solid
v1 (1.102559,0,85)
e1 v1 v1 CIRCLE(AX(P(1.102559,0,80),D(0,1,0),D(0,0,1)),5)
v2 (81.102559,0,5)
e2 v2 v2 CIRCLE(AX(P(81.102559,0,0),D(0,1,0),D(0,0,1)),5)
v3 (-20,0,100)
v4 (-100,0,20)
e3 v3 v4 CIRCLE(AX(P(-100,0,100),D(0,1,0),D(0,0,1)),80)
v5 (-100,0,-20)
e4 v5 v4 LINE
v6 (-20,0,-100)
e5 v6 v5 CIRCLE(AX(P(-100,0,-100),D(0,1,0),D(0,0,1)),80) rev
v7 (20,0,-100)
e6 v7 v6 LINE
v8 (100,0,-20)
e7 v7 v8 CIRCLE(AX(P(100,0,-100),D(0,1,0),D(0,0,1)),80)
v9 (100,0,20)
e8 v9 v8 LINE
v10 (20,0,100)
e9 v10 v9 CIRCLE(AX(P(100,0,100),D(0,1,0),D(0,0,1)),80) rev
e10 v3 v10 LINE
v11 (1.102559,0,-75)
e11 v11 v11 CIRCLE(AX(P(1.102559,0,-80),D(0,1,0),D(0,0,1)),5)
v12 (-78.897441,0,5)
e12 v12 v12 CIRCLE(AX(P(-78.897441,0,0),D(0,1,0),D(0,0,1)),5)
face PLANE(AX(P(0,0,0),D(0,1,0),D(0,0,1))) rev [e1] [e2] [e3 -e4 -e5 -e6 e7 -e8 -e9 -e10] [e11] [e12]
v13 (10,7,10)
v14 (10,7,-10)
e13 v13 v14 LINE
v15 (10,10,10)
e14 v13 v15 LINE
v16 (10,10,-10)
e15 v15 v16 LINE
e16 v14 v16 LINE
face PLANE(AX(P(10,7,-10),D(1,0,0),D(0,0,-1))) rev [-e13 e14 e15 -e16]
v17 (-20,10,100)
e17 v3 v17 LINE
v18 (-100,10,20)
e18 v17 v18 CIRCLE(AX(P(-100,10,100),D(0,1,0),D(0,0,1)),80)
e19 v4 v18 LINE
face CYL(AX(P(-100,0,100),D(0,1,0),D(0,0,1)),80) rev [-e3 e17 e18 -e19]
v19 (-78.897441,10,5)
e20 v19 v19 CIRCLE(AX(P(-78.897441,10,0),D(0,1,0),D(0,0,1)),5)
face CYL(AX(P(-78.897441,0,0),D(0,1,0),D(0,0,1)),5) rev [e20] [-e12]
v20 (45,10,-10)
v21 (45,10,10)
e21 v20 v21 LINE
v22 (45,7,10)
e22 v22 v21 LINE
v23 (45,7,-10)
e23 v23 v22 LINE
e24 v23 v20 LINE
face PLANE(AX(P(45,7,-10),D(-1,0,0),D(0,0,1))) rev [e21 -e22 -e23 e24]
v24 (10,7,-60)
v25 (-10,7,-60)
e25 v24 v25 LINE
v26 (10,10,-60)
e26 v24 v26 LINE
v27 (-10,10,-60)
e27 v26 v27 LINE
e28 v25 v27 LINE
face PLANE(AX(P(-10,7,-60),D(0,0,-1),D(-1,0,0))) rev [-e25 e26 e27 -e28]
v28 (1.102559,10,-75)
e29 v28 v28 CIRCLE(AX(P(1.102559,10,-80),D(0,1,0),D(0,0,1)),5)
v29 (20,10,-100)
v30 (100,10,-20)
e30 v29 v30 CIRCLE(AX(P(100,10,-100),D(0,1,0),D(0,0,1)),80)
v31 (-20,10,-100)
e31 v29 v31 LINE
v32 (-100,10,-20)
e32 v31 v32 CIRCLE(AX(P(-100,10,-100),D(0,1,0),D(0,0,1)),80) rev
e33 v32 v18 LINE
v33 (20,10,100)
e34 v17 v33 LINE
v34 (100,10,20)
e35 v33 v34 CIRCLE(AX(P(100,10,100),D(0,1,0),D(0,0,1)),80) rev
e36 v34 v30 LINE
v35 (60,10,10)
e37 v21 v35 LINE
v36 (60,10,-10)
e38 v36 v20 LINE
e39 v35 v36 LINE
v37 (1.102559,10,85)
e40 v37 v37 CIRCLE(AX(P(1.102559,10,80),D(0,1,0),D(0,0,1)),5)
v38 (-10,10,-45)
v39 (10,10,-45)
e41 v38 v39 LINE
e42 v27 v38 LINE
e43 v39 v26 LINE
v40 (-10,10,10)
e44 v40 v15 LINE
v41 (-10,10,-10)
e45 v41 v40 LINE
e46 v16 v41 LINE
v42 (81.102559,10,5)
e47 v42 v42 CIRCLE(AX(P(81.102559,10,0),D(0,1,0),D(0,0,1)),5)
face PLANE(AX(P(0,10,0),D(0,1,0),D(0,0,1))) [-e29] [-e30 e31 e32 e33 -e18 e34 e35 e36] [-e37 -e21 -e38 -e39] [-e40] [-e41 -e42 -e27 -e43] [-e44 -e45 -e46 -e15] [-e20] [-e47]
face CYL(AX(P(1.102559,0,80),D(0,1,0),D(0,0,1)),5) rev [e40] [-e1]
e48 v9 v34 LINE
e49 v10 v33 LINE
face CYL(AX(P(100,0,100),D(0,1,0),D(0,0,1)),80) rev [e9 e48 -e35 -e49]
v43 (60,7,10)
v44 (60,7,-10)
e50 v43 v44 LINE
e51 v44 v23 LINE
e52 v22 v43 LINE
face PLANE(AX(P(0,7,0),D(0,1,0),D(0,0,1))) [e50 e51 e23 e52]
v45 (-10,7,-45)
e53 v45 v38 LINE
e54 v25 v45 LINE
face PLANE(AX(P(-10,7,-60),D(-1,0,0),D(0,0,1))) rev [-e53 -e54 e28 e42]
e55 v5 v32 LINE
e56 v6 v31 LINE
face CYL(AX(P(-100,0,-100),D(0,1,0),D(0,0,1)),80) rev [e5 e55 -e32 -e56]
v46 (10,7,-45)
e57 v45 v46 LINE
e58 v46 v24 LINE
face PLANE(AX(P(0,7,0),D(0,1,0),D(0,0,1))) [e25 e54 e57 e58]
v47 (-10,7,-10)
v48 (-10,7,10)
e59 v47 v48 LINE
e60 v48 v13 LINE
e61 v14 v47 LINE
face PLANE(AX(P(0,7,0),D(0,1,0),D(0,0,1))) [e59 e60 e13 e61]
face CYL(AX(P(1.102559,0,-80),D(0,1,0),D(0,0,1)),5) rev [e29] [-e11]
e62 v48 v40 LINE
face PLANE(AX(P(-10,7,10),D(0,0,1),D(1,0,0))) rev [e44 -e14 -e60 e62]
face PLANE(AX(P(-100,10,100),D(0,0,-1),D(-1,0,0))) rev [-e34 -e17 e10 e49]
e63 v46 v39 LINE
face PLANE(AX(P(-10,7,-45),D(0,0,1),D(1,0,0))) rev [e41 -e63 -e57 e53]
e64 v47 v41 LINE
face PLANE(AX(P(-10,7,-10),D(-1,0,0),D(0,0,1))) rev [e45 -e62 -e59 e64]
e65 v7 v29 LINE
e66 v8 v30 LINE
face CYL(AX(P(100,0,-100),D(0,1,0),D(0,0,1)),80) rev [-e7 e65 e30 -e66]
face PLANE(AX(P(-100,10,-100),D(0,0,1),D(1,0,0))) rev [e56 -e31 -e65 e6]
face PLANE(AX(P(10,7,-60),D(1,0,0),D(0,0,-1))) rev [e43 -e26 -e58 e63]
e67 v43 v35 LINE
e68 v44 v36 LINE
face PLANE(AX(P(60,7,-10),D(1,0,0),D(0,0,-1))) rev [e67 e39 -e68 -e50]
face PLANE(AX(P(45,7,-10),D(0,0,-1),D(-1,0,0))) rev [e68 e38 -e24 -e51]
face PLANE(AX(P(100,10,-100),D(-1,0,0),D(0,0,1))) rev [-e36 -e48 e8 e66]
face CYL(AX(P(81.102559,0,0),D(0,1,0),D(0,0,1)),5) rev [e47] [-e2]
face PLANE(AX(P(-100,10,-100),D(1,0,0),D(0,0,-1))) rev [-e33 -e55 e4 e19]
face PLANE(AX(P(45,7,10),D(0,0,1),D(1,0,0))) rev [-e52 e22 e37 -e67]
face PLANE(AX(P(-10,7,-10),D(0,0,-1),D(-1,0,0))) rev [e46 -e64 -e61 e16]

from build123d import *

# Parameters (mm, degrees)
CROQUIS1_W              = 200
CROQUIS1_H              = 200
SALIENTE_EXTRUIR1_DEPTH = 10
CROQUIS2_W              = 20
CROQUIS2_H              = 20
CROQUIS2_H_2            = 15
CROQUIS2_W_2            = 15
CORTAR_EXTRUIR1_DEPTH   = 3
CORTAR_EXTRUIR2_DEPTH   = 10
CROQUIS4_R              = 5
CORTAR_EXTRUIR3_DEPTH   = 10


with BuildPart() as part:
    # Croquis1 → Saliente-Extruir1 (new body)
    with BuildSketch(Plane(origin=(0, 0, 0), x_dir=(1, 0, 0), z_dir=(0, 1, 0))):
        Rectangle(CROQUIS1_W, CROQUIS1_H)
    extrude(amount=SALIENTE_EXTRUIR1_DEPTH)

    # Croquis2 → Cortar-Extruir1 (cut)
    with BuildSketch(Plane(origin=(0, 10, 0), x_dir=(1, 0, 0), z_dir=(0, 1, 0))):
        Rectangle(CROQUIS2_W, CROQUIS2_H)
        with Locations((0, 52.5)):
            Rectangle(CROQUIS2_W, CROQUIS2_H_2)
        with Locations((52.5, 0)):
            Rectangle(CROQUIS2_W_2, CROQUIS2_H)
    extrude(amount=-CORTAR_EXTRUIR1_DEPTH, mode=Mode.SUBTRACT)

    # Croquis3 → Cortar-Extruir2 (cut)
    with BuildSketch(Plane(origin=(0, 10, 0), x_dir=(1, 0, 0), z_dir=(0, 1, 0))):
        with BuildLine():
            Line((100, 100), (20, 100))
            ThreePointArc((20, 100), (43.431457505, 43.431457505), (100, 20))
            Line((100, 20), (100, 100))
        make_face()
        with BuildLine():
            ThreePointArc((-100, 20), (-43.431457505, 43.431457505), (-20, 100))
            Line((-20, 100), (-100, 100))
            Line((-100, 100), (-100, 20))
        make_face()
        with BuildLine():
            ThreePointArc((-20, -100), (-43.431457505, -43.431457505), (-100, -20))
            Line((-100, -20), (-100, -100))
            Line((-100, -100), (-20, -100))
        make_face()
        with BuildLine():
            Line((100, -100), (100, -20))
            ThreePointArc((100, -20), (43.431457505, -43.431457505), (20, -100))
            Line((20, -100), (100, -100))
        make_face()
    extrude(amount=-CORTAR_EXTRUIR2_DEPTH, mode=Mode.SUBTRACT)

    # Croquis4 → Cortar-Extruir3 (cut)
    with BuildSketch(Plane(origin=(0, 10, 0), x_dir=(1, 0, 0), z_dir=(0, 1, 0))):
        with Locations(Location((-78.897440542, 0, 0), (0, 0, 270))):
            Circle(CROQUIS4_R)
        with Locations(Location((1.102559458, 80, 0), (0, 0, 270))):
            Circle(CROQUIS4_R)
        with Locations(Location((81.102559458, 0, 0), (0, 0, 270))):
            Circle(CROQUIS4_R)
        with Locations(Location((1.102559458, -80, 0), (0, 0, 270))):
            Circle(CROQUIS4_R)
    extrude(amount=-CORTAR_EXTRUIR3_DEPTH, mode=Mode.SUBTRACT)


solid = part.part
